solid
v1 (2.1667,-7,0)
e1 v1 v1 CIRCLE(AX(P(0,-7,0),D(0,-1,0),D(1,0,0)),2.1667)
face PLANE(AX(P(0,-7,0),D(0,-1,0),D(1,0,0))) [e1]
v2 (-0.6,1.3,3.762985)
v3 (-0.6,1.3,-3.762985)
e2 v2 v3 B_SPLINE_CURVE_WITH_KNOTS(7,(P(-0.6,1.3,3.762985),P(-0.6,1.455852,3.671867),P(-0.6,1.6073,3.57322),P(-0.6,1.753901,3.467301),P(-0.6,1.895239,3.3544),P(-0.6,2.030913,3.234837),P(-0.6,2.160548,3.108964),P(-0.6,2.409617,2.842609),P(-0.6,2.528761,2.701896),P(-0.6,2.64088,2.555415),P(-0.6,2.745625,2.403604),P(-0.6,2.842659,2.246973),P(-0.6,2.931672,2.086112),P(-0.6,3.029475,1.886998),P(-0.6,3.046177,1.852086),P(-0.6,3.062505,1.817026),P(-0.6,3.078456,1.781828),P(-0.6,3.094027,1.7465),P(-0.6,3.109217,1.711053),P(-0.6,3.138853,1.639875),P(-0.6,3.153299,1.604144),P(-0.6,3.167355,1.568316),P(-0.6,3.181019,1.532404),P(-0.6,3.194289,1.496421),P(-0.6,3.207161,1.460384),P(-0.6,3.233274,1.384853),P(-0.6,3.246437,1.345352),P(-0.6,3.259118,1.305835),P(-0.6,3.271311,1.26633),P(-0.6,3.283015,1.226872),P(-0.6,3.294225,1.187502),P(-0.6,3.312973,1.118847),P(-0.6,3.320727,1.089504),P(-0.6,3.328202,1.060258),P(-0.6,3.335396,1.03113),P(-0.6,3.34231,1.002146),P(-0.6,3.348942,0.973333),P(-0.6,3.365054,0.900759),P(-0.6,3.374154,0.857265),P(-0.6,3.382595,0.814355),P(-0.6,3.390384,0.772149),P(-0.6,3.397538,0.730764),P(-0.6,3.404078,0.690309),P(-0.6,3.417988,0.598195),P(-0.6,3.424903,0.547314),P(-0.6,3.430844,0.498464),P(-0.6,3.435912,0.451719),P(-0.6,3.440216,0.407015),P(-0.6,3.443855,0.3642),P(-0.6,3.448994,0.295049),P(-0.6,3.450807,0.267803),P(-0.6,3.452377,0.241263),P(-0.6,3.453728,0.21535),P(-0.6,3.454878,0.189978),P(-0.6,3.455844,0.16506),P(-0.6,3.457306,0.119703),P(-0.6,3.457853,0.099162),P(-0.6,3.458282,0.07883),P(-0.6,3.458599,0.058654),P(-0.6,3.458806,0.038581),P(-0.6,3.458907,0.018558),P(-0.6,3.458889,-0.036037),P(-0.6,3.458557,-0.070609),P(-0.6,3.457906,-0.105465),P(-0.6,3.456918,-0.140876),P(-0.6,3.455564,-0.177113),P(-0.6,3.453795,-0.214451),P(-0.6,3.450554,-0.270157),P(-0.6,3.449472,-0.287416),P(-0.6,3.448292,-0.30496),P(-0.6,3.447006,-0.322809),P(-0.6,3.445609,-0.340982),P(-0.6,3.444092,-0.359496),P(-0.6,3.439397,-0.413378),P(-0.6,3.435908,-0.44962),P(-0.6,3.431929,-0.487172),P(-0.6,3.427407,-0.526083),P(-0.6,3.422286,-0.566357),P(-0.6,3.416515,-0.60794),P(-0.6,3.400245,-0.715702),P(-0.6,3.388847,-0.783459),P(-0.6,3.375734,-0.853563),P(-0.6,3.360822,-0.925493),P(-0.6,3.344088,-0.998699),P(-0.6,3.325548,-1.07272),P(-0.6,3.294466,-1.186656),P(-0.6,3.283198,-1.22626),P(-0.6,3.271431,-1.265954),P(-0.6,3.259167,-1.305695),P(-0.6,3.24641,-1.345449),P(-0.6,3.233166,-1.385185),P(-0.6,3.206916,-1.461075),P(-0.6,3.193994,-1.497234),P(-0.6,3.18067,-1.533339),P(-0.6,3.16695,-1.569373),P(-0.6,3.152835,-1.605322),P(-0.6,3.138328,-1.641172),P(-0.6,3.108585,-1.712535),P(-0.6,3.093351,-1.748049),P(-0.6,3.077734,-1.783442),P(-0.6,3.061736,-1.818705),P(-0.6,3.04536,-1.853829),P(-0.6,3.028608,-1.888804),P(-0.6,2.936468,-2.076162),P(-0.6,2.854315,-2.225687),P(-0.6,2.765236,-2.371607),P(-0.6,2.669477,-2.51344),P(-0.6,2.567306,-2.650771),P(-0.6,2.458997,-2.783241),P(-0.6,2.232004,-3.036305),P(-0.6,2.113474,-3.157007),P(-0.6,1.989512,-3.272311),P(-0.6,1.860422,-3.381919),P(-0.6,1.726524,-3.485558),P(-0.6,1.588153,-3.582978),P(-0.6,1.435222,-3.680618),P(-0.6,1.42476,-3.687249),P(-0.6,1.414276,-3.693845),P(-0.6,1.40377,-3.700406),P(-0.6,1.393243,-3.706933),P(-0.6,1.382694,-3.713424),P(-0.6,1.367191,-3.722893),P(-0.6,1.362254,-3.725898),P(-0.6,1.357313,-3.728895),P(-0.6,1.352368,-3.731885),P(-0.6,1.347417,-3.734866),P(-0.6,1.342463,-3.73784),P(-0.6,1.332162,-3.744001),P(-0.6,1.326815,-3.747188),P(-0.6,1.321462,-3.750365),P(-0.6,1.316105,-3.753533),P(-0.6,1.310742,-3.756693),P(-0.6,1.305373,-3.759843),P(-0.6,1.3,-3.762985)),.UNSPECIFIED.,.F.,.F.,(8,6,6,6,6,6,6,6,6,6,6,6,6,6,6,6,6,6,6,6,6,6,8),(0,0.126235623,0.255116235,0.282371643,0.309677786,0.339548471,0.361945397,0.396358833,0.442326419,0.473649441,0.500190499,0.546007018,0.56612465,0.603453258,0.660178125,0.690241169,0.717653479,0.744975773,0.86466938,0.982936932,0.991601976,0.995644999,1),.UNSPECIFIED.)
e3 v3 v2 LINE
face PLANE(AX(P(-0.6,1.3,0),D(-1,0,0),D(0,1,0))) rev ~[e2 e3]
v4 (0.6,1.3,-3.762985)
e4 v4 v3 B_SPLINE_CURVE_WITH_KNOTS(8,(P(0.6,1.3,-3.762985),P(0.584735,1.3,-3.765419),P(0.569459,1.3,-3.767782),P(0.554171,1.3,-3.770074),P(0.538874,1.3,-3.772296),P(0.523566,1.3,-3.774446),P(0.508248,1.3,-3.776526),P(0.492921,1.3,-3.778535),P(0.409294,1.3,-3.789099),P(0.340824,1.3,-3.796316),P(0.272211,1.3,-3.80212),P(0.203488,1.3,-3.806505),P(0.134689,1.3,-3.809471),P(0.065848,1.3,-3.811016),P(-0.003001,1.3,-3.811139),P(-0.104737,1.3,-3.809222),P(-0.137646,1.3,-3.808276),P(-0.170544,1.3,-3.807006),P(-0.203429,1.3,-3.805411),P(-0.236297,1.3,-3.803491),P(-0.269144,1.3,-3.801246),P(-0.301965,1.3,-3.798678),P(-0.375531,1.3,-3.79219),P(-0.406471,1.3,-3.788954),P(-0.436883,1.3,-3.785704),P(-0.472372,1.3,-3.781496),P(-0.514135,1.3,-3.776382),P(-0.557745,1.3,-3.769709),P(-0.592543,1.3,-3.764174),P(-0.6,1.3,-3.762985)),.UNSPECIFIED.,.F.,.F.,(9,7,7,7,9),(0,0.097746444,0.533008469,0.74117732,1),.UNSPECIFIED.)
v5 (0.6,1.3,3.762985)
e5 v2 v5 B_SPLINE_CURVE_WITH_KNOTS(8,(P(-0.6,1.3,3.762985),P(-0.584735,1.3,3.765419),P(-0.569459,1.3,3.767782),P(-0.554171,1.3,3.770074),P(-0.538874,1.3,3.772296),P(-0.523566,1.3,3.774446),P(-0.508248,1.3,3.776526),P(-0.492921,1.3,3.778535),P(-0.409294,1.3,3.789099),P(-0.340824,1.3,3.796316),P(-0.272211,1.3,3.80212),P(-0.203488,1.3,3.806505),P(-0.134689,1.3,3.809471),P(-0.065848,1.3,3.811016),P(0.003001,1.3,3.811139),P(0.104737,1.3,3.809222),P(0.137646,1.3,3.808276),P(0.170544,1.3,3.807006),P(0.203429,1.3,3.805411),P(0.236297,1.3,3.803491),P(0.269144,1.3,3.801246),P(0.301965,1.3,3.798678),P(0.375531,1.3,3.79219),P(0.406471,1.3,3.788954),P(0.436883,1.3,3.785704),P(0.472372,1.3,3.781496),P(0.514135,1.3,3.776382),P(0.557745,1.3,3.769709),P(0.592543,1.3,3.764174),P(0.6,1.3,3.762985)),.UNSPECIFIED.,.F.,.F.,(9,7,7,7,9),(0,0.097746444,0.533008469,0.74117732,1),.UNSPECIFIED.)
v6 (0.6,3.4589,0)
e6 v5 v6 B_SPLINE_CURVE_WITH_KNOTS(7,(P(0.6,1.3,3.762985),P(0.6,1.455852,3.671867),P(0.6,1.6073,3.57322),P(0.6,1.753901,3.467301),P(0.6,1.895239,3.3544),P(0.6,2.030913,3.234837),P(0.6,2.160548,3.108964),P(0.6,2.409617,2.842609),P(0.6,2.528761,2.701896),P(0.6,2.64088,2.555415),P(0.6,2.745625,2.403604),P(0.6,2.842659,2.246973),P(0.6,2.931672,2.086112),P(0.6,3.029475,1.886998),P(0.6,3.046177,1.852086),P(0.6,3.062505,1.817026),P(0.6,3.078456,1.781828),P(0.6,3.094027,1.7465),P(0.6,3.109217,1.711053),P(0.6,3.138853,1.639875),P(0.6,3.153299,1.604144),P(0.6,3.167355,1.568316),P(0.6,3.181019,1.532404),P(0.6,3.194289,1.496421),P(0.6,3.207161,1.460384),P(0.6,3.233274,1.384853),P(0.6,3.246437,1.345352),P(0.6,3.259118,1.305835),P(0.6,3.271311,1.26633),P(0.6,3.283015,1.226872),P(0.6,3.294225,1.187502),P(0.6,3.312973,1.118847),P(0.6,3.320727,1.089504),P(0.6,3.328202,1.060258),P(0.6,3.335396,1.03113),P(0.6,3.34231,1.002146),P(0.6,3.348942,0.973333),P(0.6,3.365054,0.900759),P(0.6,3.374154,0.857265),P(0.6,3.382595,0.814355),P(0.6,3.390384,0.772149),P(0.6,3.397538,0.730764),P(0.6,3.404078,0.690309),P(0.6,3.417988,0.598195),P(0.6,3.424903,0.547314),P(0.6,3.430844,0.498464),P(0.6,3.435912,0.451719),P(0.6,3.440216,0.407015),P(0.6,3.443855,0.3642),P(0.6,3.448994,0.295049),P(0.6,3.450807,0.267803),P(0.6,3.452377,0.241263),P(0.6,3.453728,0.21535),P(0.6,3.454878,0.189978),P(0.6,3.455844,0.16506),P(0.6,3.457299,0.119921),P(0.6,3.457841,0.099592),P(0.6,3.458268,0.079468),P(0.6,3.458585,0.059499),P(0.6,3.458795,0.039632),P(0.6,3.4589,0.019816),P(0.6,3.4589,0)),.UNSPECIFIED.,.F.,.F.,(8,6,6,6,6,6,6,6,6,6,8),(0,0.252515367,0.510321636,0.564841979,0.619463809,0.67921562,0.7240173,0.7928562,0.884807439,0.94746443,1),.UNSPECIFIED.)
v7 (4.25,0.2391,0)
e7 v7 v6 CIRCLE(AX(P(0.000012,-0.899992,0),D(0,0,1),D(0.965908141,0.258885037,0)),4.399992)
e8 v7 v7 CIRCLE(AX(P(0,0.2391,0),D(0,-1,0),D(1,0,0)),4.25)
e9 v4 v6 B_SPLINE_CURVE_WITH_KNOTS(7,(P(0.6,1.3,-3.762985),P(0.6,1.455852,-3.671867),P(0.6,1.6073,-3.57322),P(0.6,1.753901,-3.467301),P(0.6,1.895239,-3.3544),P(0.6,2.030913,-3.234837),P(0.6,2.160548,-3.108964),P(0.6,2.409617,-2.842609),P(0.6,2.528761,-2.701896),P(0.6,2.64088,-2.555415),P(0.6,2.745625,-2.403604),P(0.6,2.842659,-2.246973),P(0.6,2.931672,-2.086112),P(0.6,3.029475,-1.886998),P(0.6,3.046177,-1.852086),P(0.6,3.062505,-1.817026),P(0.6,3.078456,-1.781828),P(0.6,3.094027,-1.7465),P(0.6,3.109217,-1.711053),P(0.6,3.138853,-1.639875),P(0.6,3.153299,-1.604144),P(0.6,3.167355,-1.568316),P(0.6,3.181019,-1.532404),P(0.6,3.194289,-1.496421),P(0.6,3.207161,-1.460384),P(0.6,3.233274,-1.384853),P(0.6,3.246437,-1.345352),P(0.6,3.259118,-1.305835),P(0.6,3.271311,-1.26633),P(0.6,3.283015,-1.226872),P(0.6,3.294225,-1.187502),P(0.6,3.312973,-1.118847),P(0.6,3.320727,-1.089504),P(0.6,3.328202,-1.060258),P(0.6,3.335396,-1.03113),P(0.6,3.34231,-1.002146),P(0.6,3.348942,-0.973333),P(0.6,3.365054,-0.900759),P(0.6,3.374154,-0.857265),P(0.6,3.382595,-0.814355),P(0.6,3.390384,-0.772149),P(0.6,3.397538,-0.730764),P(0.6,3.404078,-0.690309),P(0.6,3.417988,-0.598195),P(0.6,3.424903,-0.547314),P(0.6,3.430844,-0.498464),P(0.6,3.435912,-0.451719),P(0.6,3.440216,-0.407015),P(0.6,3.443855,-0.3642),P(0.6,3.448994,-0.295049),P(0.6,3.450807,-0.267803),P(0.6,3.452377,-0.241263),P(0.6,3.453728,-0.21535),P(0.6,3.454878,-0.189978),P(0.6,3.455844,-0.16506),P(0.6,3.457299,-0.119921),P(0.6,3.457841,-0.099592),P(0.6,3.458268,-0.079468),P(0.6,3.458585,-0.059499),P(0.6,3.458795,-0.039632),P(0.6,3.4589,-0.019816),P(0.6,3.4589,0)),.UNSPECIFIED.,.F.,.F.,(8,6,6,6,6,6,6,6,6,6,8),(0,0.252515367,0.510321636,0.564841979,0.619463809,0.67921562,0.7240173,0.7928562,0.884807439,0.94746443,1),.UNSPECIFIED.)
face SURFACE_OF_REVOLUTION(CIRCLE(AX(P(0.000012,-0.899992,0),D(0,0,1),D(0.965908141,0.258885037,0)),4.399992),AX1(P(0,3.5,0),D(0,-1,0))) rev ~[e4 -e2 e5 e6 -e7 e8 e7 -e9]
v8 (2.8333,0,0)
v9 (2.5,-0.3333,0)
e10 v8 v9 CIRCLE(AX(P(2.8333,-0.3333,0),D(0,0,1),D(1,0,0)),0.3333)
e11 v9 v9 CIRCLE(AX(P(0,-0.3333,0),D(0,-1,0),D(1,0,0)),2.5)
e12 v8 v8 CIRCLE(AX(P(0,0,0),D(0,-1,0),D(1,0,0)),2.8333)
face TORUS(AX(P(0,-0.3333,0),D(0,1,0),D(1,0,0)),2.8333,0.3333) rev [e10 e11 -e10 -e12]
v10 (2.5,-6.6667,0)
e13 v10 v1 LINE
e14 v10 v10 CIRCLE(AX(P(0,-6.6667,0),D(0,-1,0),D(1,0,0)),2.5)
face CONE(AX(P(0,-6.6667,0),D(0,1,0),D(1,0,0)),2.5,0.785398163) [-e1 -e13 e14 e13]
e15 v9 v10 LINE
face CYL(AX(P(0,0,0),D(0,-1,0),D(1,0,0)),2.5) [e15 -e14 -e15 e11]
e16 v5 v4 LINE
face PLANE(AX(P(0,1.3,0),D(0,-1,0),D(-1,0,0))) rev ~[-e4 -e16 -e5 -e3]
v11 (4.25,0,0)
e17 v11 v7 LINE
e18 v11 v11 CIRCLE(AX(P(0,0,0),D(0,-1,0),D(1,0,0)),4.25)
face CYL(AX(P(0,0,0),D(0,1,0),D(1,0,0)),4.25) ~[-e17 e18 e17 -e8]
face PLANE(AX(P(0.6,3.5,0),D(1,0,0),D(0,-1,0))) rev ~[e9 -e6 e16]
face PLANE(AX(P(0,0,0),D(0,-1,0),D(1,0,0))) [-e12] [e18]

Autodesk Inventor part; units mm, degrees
ref_plane "YZ Plane" through (0, 0, 0) normal (1, 0, 0) x (0, 1, 0)
ref_plane "XZ Plane" through (0, 0, 0) normal (0, 1, 0) x (-1, 0, 0)
ref_plane "XY Plane" through (0, 0, 0) normal (0, 0, 1) x (1, 0, 0)
sketch "Sketch1" plane through (0, 0, 0) normal (0, 0, 1) x (1, 0, 0)
  line L0 (0, 3.5) -> (0, -7)
  line L1 (0, 0) -> (4.25, 0) construction
  arc A0 (4.25, 0.2391) -> (0, 3.5) centre (0, -0.9) ccw
  line L2 (4.25, 0) -> (2.5, 0)
  line L3 (2.5, 0) -> (2.5, -7)
  line L4 (2.5, -7) -> (0, -7)
  line L5 (4.25, 0) -> (4.25, 0.2391)
  dimension "d1" = 3.5
  dimension "d2" = 4.4
  dimension "d3" = 5
  dimension "d4" = 7
  dimension "d25" = 8.5
revolve "Вращение1" add sketch "Sketch1" angle 360 about axis through (0, 3.5, 0) along (0, -1, 0)
sketch "Sketch2" plane through (0, 0, 0) normal (0, 0, 1) x (1, 0, 0)
  line L0 (-0.6, 3.5) -> (0.6, 3.5)
  line L1 (0.6, 3.5) -> (0.6, 1.3)
  line L2 (0.6, 1.3) -> (-0.6, 1.3)
  line L3 (-0.6, 1.3) -> (-0.6, 3.5)
  line L4 (0, 0) -> (0, 3.5)
  arc A0 (4.25, 0.2391) -> (-4.25, 0.2391) centre (0, -0.9) ccw construction
  dimension "d6" = 1.3
  dimension "d7" = 1.2
extrude "Выдавливание1" cut sketch "Sketch2" along normal through all both and the other way through all
thread "Резьба1" size "M5x0.8" class "6g" standard "ISO Metric profile" length 7
fillet "Сопряжение1" radius 0.3333 1 edges at (-2.5, 0, 0)
chamfer "Фаска1" distance 0.3333 angle 45 1 edges at (-2.5, -7, 0)
equation "\"d6\" = w"
equation "\"d7\" = n"
equation "\"d10\" = b"
equation "\"d12\" = c_"
equation "\"d13\" = c_"
equation "\"d1\" = k"
equation "\"d2\" = R1"
equation "\"d3\" = d_"
equation "\"d4\" = l_"
equation "\"d25\" = D"
equation "\"d_\" = 5"
equation "\"D\" = 8.5"
equation "\"k\" = 3.5"
equation "\"l_\" = 7"
equation "\"b\" = 7"
equation "\"n\" = 1.2"
equation "\"w\" = 1.3"
equation "\"c_\" = 0.0666667 * d_"
equation "\"R1\" = 4.4"
equation "\"G\" = 0"
properties part number "Винт A.M5-6gx7 ГОСТ 17473-80" material "Сталь, мягкая"
